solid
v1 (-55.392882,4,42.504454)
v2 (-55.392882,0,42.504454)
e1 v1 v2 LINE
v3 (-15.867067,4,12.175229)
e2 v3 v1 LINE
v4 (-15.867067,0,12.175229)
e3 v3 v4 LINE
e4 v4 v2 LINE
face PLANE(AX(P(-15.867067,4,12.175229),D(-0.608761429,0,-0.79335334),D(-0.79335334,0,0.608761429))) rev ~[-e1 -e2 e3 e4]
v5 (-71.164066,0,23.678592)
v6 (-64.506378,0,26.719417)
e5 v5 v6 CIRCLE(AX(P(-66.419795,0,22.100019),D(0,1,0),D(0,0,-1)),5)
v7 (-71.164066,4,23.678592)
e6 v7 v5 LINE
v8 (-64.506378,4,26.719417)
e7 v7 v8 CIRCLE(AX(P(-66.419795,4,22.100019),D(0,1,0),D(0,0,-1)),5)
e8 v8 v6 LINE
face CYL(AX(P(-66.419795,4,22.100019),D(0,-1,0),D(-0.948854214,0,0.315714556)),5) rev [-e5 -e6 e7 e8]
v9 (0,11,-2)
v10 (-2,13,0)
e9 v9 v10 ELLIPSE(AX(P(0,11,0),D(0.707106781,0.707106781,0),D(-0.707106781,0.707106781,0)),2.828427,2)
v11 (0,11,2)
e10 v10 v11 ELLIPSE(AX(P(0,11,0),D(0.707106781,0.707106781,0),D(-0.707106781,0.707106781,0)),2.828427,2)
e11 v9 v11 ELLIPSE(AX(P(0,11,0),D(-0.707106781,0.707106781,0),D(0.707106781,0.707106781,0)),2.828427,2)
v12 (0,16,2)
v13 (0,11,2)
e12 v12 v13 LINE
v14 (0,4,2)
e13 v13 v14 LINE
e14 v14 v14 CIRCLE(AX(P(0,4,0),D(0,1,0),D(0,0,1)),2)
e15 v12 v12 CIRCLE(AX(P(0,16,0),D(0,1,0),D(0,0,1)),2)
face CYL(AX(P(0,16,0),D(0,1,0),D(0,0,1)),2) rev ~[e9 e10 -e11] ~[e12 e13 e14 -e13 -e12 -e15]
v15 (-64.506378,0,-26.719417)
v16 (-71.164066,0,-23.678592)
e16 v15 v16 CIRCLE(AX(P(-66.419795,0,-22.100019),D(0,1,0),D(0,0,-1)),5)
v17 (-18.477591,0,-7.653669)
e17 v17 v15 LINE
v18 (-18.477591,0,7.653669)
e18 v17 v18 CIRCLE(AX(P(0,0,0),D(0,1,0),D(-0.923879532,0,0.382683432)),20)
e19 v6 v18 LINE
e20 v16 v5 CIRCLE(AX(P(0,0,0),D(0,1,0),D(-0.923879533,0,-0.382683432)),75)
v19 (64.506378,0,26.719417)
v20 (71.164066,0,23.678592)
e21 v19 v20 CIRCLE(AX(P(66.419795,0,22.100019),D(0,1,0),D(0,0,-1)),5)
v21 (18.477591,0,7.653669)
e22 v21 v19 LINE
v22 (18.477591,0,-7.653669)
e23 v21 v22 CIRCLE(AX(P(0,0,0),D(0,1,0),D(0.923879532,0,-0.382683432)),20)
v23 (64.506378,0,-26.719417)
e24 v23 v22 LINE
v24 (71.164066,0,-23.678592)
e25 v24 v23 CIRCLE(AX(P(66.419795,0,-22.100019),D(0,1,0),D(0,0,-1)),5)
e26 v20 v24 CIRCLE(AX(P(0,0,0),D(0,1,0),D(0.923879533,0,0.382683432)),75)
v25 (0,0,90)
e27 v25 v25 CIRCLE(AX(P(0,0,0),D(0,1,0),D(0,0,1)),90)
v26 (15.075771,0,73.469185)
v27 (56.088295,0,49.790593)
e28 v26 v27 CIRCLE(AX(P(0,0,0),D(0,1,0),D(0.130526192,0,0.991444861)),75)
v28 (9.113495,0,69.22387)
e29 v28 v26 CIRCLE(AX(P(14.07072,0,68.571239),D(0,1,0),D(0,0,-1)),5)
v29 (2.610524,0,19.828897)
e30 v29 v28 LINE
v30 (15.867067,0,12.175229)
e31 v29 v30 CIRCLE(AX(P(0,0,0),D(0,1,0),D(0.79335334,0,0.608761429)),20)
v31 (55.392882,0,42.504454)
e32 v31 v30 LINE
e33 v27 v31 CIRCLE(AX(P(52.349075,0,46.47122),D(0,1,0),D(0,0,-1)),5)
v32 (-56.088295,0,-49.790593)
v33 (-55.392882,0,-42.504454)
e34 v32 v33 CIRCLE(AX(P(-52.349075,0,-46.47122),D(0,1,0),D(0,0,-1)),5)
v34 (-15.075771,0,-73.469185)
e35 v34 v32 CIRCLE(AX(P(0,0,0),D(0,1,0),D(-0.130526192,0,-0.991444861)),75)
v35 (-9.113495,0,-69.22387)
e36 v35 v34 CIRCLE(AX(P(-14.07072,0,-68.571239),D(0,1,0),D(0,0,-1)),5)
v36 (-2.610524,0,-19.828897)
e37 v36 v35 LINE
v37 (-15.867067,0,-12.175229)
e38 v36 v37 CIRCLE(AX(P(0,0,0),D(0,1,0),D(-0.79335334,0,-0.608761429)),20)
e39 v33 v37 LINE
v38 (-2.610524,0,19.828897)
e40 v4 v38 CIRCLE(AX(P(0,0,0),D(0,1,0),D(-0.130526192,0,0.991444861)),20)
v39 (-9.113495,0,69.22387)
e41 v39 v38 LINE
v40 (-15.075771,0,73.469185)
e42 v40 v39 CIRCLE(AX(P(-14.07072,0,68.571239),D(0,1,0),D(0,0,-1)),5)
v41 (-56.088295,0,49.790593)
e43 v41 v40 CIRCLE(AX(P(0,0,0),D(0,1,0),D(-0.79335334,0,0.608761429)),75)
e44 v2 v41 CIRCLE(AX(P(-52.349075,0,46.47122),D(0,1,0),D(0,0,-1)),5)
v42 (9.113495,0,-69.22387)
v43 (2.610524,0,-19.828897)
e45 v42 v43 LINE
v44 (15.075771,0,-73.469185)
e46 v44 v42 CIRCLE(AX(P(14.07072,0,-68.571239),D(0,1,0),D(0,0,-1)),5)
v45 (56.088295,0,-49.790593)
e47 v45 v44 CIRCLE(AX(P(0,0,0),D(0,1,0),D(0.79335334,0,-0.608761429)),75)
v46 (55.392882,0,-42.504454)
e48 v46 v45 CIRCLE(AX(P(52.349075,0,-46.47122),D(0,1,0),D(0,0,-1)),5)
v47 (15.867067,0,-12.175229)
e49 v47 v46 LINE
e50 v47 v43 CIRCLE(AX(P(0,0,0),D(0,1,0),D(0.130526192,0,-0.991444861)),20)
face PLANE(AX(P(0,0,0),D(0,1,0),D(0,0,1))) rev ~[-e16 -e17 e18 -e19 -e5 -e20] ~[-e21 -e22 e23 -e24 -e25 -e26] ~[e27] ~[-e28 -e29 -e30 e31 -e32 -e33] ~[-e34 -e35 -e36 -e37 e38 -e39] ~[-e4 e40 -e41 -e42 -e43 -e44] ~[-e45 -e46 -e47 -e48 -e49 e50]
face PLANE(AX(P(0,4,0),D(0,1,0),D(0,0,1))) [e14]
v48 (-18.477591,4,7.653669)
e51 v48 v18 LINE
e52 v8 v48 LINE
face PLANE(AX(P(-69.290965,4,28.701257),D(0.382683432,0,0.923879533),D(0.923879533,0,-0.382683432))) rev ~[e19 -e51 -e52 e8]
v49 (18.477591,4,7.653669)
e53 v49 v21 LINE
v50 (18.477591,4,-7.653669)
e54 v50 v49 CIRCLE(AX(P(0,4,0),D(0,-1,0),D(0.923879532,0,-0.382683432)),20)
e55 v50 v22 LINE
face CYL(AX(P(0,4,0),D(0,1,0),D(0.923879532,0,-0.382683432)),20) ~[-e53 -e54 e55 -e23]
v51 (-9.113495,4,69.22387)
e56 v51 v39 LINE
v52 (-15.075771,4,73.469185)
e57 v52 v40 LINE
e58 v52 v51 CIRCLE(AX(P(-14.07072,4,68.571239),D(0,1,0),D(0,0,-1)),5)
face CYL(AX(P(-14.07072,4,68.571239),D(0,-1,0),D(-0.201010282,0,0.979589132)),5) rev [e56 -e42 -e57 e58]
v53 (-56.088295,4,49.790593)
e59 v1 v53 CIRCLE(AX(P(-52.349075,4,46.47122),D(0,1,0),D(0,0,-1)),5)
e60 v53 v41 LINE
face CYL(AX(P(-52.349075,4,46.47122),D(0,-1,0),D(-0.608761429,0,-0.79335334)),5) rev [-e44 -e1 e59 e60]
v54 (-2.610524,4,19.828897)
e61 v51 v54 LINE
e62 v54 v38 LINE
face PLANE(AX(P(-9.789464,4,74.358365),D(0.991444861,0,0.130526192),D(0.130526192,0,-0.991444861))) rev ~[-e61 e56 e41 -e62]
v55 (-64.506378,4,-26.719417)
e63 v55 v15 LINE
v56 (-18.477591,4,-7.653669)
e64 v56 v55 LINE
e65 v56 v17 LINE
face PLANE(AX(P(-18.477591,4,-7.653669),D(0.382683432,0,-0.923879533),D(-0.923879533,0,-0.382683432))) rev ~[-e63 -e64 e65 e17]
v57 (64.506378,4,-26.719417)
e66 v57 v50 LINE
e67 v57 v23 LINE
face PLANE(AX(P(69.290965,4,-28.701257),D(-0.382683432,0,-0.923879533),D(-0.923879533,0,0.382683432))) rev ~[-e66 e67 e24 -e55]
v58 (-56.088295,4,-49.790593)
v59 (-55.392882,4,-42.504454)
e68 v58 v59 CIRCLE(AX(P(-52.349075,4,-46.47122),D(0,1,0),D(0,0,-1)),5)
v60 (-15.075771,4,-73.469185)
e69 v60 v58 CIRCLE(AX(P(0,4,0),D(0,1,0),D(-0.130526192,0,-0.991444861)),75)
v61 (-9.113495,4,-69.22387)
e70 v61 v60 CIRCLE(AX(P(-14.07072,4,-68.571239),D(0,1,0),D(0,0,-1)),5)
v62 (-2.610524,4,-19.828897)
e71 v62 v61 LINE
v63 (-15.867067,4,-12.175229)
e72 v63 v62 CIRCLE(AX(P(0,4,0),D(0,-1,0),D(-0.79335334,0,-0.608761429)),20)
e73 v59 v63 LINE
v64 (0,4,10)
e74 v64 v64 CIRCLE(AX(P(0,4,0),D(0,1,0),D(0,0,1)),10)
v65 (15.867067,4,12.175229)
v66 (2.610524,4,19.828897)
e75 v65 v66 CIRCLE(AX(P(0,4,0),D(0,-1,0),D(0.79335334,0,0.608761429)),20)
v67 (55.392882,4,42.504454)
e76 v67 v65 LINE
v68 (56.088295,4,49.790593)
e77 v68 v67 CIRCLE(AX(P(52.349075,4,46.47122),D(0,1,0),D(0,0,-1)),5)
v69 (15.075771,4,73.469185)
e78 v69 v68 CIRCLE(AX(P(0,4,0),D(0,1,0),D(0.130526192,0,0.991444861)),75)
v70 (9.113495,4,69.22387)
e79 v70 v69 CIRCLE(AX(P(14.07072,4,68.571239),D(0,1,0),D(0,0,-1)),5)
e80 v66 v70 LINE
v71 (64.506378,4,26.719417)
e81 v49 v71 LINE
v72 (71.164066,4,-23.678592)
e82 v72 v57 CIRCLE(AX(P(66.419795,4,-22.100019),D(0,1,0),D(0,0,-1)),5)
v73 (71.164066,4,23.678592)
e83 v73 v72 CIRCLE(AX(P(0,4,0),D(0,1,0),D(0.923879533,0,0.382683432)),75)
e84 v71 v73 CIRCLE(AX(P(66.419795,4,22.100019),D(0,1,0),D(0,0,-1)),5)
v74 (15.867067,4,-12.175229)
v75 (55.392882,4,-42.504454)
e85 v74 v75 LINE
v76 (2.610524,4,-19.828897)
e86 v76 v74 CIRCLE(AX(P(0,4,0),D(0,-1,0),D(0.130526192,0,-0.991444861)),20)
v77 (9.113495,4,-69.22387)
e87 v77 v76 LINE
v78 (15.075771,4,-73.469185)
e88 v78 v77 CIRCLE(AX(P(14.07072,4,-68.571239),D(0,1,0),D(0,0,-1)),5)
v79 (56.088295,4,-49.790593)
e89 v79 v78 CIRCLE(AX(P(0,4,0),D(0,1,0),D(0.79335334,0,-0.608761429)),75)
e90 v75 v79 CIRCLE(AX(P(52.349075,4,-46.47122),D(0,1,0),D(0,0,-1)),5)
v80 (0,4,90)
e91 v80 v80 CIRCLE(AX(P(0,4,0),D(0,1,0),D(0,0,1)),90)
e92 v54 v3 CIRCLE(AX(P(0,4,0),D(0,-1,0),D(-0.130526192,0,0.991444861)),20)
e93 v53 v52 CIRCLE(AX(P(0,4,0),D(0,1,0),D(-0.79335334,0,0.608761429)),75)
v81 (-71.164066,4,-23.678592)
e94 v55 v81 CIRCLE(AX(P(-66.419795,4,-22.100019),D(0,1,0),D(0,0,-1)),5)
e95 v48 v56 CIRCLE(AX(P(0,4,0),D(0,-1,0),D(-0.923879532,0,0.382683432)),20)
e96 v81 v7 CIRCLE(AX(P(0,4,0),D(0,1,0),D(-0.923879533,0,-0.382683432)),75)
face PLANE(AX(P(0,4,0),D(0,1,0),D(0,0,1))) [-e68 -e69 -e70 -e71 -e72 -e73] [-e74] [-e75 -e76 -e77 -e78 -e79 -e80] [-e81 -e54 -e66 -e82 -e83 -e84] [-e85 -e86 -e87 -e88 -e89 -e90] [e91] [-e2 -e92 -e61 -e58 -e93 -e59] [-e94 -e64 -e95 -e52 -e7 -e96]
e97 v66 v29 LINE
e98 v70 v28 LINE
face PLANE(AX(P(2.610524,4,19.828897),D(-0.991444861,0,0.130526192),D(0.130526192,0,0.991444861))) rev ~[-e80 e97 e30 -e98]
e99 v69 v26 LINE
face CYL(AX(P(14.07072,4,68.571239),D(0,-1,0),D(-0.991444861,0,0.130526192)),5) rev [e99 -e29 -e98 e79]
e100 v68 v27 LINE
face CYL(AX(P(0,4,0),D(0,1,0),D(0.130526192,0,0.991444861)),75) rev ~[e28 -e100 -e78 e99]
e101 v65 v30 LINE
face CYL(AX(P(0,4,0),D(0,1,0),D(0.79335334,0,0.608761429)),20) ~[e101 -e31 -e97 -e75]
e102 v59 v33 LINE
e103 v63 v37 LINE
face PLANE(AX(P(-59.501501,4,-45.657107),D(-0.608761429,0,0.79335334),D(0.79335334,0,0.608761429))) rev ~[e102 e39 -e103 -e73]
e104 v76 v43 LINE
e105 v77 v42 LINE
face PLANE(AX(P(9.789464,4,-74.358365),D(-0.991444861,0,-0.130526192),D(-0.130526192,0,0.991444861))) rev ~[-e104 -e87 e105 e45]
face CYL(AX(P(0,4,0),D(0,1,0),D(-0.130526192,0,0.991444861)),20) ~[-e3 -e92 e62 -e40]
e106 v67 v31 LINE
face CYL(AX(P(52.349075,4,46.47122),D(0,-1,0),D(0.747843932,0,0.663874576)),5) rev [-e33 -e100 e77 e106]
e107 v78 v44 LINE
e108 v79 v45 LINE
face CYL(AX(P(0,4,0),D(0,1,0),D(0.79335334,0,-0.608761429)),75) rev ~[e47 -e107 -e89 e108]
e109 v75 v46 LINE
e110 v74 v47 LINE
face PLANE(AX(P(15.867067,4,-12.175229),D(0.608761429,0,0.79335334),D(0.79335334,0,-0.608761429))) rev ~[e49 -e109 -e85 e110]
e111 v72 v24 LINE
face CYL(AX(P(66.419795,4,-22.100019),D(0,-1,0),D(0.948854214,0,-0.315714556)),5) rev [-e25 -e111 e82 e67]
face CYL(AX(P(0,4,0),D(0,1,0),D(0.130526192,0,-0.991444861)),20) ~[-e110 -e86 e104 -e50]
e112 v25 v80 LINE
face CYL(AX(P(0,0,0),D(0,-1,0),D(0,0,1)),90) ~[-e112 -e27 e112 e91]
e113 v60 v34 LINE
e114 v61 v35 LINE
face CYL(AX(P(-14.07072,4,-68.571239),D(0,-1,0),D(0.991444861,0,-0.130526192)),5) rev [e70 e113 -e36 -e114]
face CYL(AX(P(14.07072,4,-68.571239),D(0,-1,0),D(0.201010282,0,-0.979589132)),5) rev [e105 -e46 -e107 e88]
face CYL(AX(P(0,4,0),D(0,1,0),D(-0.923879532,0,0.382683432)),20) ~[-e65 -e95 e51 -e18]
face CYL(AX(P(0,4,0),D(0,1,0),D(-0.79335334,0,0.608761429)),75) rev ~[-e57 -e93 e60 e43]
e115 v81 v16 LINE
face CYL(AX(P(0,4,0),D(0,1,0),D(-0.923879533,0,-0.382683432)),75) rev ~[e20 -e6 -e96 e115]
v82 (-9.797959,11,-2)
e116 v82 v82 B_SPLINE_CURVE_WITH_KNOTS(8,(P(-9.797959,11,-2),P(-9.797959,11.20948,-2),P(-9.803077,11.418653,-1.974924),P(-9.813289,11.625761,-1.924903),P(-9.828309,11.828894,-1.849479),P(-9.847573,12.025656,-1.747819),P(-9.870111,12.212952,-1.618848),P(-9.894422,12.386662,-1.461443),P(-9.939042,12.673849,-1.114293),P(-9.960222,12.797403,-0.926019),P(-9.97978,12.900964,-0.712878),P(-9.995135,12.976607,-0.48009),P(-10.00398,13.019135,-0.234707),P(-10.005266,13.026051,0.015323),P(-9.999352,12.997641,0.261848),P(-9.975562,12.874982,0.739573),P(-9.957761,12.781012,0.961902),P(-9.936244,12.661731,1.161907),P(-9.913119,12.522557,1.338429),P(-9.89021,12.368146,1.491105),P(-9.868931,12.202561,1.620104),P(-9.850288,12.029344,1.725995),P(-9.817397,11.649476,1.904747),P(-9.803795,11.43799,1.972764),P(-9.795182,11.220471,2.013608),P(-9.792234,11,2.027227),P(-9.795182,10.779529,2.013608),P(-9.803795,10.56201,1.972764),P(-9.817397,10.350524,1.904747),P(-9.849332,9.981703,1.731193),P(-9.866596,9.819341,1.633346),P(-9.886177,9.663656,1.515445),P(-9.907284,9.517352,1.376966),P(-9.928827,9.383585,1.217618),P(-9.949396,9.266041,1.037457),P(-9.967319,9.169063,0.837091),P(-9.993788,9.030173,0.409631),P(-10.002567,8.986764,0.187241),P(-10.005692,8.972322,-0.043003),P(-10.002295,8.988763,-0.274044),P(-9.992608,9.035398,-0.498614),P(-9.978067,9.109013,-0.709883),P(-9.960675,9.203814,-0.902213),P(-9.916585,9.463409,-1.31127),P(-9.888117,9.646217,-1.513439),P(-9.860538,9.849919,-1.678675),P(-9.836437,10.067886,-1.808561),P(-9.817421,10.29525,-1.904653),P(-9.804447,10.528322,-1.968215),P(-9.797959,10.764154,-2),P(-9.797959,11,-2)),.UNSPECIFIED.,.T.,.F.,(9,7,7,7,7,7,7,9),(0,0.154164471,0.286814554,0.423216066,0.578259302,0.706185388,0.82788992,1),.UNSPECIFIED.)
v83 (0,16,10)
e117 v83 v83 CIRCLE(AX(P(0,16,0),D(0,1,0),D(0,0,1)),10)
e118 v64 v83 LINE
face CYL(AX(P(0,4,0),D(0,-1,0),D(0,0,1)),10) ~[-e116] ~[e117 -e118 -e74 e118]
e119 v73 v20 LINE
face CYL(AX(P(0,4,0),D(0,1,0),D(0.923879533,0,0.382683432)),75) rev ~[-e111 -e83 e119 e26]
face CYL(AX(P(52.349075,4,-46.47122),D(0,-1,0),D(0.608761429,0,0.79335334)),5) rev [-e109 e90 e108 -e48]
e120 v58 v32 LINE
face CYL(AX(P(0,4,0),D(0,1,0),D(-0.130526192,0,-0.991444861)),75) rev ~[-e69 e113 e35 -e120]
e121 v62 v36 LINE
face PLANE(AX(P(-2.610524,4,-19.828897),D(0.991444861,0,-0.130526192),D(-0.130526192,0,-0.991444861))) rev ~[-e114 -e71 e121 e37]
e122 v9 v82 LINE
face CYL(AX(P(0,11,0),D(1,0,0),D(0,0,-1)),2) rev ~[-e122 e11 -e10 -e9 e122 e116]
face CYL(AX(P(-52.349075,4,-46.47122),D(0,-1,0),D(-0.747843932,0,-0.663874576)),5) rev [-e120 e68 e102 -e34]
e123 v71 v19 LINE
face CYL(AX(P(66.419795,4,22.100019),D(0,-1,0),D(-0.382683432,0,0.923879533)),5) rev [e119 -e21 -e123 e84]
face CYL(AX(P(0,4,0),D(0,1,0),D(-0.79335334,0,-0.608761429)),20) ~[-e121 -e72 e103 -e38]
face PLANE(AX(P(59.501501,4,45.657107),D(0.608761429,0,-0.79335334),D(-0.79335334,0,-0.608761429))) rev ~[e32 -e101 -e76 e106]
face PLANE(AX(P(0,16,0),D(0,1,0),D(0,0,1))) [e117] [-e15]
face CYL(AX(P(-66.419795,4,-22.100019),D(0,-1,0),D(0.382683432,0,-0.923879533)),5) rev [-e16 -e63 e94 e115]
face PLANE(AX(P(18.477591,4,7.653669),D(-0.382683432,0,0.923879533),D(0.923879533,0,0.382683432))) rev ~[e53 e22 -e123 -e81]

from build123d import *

# Parameters (mm, degrees)
SKETCH_1_R               = 90
EXTRUDE_1_DEPTH          = 4
CUT_EXTRUDE_1_DEPTH      = 128.342059038
PATTERN_CIRCULAR_1_COUNT = 6
SKETCH_6_R               = 10
EXTRUDE_2_DEPTH          = 12
SKETCH_7_R               = 2
CUT_EXTRUDE_2_DEPTH      = 12
FILLET_1_R               = 5
FILLET_2_R               = 5
SKETCH_9_R               = 2
CUT_EXTRUDE_3_DEPTH      = 10


with BuildPart() as part:
    # 草图1 → 凸台-拉伸1 (new body)
    with BuildSketch(Plane(origin=(0, 0, 0), x_dir=(1, 0, 0), z_dir=(0, 1, 0))):
        Circle(SKETCH_1_R)
    extrude(amount=EXTRUDE_1_DEPTH)

    # 草图2 → 切除-拉伸1 (cut, through all)
    with BuildSketch(Plane(origin=(0, 4, 0), x_dir=(1, 0, 0), z_dir=(0, 1, 0))):
        with BuildLine():
            ThreePointArc((-15.867066806, 12.17522858), (-10, 17.320508076), (-2.610523844, 19.828897227))
            Line((-2.610523844, 19.828897227), (-9.789464417, 74.358364603))
            ThreePointArc((-9.789464417, 74.358364603), (-37.5, 64.951905284), (-59.501500522, 45.657107176))
            Line((-59.501500522, 45.657107176), (-15.867066806, 12.17522858))
        make_face()
    cut_extrude_1 = extrude(amount=-CUT_EXTRUDE_1_DEPTH, mode=Mode.SUBTRACT)

    # 阵列(圆周)1: 切除-拉伸1 ×6 about axis
    pattern_circular_1_axis = Axis((0, 4, 0), (0, 1, 0))
    for i in range(1, PATTERN_CIRCULAR_1_COUNT):
        add(cut_extrude_1.rotate(pattern_circular_1_axis, i * 360 / PATTERN_CIRCULAR_1_COUNT), mode=Mode.SUBTRACT)

    # 草图6 → 凸台-拉伸2 (add)
    with BuildSketch(Plane(origin=(0, 4, 0), x_dir=(1, 0, 0), z_dir=(0, 1, 0))):
        Circle(SKETCH_6_R)
    extrude(amount=EXTRUDE_2_DEPTH)

    # 草图7 → 切除-拉伸2 (cut)
    with BuildSketch(Plane(origin=(0, 16, 0), x_dir=(1, 0, 0), z_dir=(0, 1, 0))):
        Circle(SKETCH_7_R)
    extrude(amount=-CUT_EXTRUDE_2_DEPTH, mode=Mode.SUBTRACT)

    # 圆角1
    fillet_1_edges = [part.edges().sort_by_distance(p)[0] for p in [
        (9.789464417, 2, 74.358364603),
    ]]
    fillet(fillet_1_edges, radius=FILLET_1_R)

    # 圆角2
    fillet_2_edges = [part.edges().sort_by_distance(p)[0] for p in [
        (-59.501500522, 2, 45.657107176),
        (-9.789464417, 2, 74.358364603),
        (-69.290964938, 2, 28.701257427),
        (-69.290964938, 2, -28.701257427),
        (-9.789464417, 2, -74.358364603),
        (-59.501500522, 2, -45.657107176),
        (9.789464417, 2, -74.358364603),
        (59.501500522, 2, -45.657107176),
        (69.290964938, 2, -28.701257427),
        (69.290964938, 2, 28.701257427),
        (59.501500522, 2, 45.657107176),
    ]]
    fillet(fillet_2_edges, radius=FILLET_2_R)

    # 草图9 → 切除-拉伸3 (cut)
    with BuildSketch(Plane(origin=(0, 0, 0), x_dir=(0, 0, -1), z_dir=(1, 0, 0))):
        with Locations((0, 11)):
            Circle(SKETCH_9_R)
    extrude(amount=-CUT_EXTRUDE_3_DEPTH, mode=Mode.SUBTRACT)


solid = part.part
